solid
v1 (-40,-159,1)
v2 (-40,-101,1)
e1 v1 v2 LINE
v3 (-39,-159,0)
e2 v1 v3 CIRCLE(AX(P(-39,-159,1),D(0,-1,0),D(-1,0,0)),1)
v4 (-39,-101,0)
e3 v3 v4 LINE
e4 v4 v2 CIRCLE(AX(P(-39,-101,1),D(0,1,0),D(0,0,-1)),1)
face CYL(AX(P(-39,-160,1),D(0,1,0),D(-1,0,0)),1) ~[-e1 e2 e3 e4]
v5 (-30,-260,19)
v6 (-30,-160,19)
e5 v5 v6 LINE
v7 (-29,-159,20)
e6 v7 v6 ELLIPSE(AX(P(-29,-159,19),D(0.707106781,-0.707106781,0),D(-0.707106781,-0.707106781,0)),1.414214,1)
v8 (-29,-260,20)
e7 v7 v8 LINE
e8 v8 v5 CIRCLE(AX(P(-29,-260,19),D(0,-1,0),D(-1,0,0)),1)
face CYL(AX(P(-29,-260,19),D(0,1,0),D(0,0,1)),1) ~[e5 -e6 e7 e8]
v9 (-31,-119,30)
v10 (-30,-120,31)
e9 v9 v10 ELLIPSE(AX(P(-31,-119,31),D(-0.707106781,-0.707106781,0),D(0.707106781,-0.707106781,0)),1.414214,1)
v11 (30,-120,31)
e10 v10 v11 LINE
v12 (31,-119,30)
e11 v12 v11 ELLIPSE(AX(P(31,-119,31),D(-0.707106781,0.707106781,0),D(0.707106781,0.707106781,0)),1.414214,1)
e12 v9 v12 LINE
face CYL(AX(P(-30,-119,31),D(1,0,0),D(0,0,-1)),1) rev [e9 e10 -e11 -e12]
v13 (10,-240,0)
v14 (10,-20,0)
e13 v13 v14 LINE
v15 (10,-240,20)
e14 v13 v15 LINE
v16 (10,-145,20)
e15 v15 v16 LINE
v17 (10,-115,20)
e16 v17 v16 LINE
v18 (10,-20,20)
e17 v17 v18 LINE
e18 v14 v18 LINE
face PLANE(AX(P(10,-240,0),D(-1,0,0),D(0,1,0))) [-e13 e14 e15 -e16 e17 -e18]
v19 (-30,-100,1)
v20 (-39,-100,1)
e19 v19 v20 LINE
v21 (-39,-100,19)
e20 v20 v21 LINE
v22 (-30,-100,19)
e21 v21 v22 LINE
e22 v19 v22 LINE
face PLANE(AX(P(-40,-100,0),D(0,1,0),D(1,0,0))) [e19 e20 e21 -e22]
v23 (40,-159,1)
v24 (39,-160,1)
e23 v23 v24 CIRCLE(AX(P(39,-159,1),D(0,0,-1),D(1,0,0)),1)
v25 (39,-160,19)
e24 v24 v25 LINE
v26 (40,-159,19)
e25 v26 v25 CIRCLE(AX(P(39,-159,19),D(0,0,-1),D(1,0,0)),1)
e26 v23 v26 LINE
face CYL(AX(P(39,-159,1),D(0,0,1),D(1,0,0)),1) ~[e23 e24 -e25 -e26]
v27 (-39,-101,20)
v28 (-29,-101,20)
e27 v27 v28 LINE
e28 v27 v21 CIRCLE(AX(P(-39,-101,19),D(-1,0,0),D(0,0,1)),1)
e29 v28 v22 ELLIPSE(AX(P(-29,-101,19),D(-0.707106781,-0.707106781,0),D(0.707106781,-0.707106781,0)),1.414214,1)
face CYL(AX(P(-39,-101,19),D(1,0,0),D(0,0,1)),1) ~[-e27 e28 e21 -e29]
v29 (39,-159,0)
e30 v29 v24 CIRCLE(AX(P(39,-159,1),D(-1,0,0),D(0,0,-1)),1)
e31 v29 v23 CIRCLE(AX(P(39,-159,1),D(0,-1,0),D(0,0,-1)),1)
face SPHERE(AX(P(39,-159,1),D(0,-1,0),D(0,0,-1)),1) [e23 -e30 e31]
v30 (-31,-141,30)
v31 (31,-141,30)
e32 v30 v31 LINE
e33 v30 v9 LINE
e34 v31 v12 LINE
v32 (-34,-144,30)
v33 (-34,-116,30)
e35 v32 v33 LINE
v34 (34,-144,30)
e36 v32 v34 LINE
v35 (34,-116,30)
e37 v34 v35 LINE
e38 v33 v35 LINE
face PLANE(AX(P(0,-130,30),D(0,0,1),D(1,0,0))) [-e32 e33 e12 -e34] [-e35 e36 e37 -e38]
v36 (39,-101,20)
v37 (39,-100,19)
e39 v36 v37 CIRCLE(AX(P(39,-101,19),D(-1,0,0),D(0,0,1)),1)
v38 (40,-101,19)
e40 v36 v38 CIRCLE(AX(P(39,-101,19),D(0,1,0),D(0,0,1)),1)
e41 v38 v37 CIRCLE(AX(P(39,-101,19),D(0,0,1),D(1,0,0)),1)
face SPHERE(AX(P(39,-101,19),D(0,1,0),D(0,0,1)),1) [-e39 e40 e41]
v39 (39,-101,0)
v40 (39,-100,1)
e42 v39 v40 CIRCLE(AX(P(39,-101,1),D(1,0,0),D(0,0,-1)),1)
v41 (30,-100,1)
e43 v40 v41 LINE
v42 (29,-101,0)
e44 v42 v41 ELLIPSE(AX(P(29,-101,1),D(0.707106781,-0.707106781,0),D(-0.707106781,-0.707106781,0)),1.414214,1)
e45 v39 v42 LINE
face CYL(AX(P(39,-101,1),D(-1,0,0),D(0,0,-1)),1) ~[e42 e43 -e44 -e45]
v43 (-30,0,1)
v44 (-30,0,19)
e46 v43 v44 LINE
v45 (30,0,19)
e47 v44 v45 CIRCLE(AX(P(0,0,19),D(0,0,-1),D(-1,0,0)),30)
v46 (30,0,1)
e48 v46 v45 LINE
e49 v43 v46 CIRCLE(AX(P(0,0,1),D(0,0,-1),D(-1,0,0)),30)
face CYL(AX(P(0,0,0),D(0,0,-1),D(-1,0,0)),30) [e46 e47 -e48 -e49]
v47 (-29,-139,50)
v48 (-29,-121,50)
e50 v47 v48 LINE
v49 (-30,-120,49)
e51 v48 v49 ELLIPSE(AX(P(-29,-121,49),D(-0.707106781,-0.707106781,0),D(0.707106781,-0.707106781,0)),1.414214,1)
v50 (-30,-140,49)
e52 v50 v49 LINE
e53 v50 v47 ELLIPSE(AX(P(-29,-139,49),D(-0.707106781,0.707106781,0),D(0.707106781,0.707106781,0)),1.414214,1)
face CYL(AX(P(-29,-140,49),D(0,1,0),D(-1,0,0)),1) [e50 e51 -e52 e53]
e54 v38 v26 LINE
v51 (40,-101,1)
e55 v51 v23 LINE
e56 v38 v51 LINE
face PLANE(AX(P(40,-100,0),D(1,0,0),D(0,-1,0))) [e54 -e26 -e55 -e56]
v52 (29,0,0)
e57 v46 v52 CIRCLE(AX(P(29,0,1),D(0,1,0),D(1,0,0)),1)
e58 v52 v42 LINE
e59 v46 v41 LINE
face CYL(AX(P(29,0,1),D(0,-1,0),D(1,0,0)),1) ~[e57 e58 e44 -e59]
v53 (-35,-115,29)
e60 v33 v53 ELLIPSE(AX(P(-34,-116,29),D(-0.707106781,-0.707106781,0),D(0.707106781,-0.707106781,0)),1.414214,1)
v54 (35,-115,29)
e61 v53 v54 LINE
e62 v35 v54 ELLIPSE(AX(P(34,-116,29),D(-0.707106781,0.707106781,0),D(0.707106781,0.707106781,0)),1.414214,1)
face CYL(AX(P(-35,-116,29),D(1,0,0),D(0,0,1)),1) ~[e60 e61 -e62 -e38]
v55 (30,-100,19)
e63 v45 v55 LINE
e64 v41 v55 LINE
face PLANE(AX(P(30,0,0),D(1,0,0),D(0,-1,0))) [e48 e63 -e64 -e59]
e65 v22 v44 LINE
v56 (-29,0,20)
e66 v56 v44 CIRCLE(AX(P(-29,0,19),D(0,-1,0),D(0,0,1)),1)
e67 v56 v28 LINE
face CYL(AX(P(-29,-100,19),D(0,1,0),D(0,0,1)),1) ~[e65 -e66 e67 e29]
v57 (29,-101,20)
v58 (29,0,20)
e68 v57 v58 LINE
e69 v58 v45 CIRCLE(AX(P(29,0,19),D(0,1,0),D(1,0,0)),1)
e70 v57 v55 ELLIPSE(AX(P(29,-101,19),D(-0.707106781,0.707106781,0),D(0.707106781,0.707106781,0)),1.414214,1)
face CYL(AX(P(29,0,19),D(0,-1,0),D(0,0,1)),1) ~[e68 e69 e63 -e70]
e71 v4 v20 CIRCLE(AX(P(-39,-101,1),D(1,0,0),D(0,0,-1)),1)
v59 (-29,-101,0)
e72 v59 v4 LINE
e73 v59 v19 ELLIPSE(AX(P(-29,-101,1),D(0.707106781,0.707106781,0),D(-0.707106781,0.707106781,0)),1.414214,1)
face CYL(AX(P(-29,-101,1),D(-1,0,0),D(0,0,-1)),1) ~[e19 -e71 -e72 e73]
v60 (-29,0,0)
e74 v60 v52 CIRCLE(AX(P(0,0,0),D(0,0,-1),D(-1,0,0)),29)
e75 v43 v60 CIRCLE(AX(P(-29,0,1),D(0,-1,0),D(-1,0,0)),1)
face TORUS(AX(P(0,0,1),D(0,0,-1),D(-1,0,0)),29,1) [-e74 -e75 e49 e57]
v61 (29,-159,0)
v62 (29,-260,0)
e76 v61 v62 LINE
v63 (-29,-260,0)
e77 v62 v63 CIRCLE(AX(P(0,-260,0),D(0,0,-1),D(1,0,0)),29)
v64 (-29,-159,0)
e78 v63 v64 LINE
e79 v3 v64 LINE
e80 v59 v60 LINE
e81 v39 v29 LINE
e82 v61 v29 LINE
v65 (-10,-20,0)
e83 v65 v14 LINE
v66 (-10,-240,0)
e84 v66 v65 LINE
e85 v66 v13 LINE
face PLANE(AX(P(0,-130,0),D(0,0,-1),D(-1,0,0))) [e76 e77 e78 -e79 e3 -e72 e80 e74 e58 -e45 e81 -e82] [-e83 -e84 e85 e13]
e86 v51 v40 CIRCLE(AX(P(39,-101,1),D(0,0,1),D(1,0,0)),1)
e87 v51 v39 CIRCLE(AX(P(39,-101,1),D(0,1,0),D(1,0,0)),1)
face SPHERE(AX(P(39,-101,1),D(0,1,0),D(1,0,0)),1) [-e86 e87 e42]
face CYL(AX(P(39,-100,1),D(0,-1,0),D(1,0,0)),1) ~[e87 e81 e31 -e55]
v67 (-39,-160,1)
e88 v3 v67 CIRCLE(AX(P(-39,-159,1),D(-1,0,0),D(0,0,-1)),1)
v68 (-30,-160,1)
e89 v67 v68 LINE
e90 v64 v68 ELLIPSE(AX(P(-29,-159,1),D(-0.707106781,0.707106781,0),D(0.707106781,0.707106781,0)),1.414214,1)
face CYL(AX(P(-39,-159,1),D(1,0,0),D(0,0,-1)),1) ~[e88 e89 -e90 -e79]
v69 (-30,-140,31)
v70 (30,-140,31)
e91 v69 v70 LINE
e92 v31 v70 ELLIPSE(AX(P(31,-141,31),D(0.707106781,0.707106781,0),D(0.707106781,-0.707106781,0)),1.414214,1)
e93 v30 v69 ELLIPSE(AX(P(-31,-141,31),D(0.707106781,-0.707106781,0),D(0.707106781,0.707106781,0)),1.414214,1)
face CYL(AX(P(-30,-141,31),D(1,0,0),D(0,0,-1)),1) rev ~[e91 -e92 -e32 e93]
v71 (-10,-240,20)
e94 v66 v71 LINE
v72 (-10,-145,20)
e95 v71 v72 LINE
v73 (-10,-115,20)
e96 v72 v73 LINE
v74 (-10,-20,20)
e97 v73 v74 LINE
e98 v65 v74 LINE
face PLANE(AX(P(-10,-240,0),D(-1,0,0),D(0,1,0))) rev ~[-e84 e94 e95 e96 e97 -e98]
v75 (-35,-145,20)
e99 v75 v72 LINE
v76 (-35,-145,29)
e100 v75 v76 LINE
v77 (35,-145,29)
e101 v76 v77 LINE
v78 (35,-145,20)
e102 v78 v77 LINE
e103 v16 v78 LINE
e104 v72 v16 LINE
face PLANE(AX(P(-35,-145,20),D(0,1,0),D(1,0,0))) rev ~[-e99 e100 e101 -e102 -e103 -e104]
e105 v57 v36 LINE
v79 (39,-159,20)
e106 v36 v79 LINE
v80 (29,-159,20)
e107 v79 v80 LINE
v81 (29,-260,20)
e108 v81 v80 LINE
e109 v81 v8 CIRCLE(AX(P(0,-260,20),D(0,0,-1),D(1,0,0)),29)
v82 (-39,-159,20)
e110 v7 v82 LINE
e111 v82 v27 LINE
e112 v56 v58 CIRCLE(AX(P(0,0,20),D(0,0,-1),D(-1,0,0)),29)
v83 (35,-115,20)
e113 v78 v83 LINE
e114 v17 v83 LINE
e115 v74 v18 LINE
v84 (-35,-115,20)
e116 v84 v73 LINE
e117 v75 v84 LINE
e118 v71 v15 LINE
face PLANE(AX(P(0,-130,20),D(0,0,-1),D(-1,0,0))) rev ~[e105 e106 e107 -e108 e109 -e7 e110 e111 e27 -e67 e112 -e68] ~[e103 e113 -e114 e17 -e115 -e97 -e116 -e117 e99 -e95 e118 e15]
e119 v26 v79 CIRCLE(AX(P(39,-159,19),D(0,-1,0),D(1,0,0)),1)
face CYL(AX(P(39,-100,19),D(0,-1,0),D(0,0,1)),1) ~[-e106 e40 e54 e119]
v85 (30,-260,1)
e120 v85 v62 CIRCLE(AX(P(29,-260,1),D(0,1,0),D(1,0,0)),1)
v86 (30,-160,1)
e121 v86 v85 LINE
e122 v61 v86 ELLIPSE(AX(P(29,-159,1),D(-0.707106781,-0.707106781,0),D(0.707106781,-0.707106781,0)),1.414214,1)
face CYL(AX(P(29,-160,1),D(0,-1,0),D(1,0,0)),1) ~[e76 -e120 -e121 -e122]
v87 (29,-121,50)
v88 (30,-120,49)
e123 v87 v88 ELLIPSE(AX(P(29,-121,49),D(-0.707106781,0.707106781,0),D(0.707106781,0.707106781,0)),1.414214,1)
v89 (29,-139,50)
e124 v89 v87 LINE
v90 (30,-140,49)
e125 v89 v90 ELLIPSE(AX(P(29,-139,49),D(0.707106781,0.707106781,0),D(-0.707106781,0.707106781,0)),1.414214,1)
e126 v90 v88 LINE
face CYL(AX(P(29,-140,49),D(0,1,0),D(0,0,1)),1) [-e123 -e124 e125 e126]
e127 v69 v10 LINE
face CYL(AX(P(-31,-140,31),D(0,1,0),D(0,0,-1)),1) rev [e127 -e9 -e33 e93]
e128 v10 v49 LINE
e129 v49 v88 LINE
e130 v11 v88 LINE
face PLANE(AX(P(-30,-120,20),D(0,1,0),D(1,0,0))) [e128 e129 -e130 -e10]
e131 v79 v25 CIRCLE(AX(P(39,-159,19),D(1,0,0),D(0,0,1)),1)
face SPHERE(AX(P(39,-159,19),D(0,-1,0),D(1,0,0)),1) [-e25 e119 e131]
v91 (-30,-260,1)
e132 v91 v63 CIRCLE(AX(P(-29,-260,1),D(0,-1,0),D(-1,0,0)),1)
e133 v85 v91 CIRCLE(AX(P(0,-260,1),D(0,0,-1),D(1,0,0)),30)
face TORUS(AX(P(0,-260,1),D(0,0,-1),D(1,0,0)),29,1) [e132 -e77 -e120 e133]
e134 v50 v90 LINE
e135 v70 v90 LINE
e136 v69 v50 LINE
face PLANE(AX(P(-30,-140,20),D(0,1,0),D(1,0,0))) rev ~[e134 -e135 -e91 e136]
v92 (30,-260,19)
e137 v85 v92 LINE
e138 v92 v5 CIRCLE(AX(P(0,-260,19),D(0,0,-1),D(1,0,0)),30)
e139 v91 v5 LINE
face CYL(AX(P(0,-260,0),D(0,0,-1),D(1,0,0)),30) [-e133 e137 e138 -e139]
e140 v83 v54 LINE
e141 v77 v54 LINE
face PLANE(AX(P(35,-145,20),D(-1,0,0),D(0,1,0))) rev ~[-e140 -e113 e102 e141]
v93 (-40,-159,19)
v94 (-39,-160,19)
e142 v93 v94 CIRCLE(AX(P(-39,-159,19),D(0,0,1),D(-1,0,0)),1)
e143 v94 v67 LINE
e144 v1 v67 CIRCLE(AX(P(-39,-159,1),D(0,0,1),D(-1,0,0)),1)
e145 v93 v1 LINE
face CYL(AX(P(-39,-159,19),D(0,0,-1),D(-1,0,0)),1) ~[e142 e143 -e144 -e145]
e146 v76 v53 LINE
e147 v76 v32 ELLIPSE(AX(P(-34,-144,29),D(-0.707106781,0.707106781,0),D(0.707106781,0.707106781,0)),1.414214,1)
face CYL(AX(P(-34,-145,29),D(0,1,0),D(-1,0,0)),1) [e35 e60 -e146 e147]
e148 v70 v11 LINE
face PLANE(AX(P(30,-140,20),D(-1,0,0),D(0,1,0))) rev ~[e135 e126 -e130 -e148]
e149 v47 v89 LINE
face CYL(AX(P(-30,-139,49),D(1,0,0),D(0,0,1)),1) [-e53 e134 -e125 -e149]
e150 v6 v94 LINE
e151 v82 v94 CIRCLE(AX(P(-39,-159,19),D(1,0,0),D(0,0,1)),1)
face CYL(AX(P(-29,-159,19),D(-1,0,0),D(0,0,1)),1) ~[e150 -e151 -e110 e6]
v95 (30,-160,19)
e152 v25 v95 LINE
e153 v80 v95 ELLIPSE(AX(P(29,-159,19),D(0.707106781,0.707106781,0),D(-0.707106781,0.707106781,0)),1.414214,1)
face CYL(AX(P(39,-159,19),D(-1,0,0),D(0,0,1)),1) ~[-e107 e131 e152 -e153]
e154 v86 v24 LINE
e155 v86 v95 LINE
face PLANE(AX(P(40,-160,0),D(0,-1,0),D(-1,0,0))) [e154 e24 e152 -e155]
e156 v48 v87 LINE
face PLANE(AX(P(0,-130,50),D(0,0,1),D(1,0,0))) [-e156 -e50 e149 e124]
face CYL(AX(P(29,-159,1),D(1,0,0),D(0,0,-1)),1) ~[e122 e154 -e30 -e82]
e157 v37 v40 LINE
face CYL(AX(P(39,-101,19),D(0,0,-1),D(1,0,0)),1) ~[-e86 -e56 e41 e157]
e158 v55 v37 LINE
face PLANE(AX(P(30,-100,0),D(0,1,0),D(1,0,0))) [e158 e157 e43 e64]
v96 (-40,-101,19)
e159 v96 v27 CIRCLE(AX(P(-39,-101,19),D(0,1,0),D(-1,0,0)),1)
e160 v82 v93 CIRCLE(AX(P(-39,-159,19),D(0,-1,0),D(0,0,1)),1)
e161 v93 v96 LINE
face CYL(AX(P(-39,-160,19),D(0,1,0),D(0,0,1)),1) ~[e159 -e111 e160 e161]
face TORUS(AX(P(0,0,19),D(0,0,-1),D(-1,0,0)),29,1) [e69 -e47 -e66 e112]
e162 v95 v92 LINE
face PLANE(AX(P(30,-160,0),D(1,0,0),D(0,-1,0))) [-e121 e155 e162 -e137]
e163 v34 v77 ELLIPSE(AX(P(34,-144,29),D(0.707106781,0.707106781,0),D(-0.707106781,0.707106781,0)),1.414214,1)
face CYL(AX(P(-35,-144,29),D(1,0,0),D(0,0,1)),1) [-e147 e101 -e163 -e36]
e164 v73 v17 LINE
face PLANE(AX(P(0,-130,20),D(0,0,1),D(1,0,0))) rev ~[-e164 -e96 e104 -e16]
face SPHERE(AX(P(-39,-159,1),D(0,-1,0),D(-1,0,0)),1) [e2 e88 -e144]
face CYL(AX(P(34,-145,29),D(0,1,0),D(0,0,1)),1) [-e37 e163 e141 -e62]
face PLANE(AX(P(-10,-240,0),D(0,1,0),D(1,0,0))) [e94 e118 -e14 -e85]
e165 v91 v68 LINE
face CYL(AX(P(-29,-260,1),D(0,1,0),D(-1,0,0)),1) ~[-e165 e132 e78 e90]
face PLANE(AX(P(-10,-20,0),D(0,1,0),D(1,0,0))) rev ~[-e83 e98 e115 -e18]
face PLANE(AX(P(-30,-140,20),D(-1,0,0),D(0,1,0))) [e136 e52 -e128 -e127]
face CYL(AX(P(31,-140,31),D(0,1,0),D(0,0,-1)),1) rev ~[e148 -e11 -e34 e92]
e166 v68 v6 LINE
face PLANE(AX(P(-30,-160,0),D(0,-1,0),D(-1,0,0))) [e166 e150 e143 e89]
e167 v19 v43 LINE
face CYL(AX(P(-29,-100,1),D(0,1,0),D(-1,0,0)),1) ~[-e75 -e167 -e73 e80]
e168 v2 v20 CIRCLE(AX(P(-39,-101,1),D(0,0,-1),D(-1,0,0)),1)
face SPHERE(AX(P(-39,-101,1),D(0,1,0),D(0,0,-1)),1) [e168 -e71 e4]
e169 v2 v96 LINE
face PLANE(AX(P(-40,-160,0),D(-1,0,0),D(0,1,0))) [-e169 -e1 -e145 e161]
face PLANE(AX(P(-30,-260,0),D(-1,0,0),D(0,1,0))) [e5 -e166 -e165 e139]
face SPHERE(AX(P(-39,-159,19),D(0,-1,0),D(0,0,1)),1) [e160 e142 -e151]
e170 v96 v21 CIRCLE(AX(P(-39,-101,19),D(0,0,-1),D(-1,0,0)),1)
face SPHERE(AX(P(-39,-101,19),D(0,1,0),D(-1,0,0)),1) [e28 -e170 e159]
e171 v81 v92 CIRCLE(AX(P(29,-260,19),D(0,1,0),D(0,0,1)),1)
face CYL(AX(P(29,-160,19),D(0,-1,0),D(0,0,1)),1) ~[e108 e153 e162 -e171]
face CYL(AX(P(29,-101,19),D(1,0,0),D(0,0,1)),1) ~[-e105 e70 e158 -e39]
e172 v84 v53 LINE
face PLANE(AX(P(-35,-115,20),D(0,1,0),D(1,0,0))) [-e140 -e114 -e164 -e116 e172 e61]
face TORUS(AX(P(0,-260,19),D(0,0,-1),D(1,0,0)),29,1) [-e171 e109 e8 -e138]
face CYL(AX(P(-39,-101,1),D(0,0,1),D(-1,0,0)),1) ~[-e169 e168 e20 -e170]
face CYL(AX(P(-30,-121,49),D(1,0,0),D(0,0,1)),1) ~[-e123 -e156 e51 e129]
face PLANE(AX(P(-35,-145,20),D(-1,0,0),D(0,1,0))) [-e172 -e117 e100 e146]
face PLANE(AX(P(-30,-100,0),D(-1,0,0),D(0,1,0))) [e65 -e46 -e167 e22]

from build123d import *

# Parameters (mm, degrees)
SKETCH2_W           = 20
SKETCH2_H           = 220
BOSS_EXTRUDE1_DEPTH = 20
SKETCH3_W           = 60
SKETCH3_H           = 20
BOSS_EXTRUDE2_DEPTH = 30
SKETCH4_W           = 70
SKETCH4_H           = 30
SKETCH4_W_2         = 60
SKETCH4_H_2         = 20
BOSS_EXTRUDE3_DEPTH = 10
FILLET1_R           = 1
FILLET2_R           = 1
FILLET3_R           = 1


with BuildPart() as part:
    # Sketch2 → Boss-Extrude1 (new body)
    with BuildSketch(Plane.XY):
        with BuildLine():
            Line((30, 0), (30, -100))
            Line((30, -100), (40, -100))
            Line((40, -100), (40, -160))
            Line((40, -160), (30, -160))
            Line((30, -160), (30, -260))
            ThreePointArc((30, -260), (0, -290), (-30, -260))
            Line((-30, -260), (-30, -160))
            Line((-30, -160), (-40, -160))
            Line((-40, -160), (-40, -100))
            Line((-40, -100), (-30, -100))
            Line((-30, -100), (-30, 0))
            ThreePointArc((-30, 0), (0, 30), (30, 0))
        make_face()
        with Locations((0, -130)):
            Rectangle(SKETCH2_W, SKETCH2_H, mode=Mode.SUBTRACT)
    extrude(amount=BOSS_EXTRUDE1_DEPTH)

    # Sketch3 → Boss-Extrude2 (add)
    with BuildSketch(Plane.XY.offset(20)):
        with Locations((0, -130)):
            Rectangle(SKETCH3_W, SKETCH3_H)
    extrude(amount=BOSS_EXTRUDE2_DEPTH)

    # Sketch4 → Boss-Extrude3 (add)
    with BuildSketch(Plane.XY.offset(20)):
        with Locations((0, -130)):
            Rectangle(SKETCH4_W, SKETCH4_H)
        with Locations((0, -130)):
            Rectangle(SKETCH4_W_2, SKETCH4_H_2, mode=Mode.SUBTRACT)
    extrude(amount=BOSS_EXTRUDE3_DEPTH)

    # Fillet1
    fillet1_edges = [part.edges().sort_by_distance(p)[0] for p in [
        (30, -130, 50),
        (0, -120, 50),
        (-30, -130, 50),
        (0, -140, 50),
        (35, -130, 30),
        (0, -115, 30),
        (-35, -130, 30),
        (0, -145, 30),
        (0, -140, 30),
        (30, -130, 30),
        (0, -120, 30),
        (-30, -130, 30),
    ]]
    fillet(fillet1_edges, radius=FILLET1_R)

    # Fillet2
    fillet2_edges = [part.edges().sort_by_distance(p)[0] for p in [
        (30, -50, 0),
        (40, -130, 0),
        (30, -210, 0),
        (0, -290, 0),
        (-30, -210, 0),
        (-40, -130, 0),
        (-30, -50, 0),
        (0, 30, 0),
        (-40, -130, 20),
        (-30, -210, 20),
        (0, -290, 20),
        (30, -210, 20),
        (40, -130, 20),
        (30, -50, 20),
        (0, 30, 20),
        (-30, -50, 20),
    ]]
    fillet(fillet2_edges, radius=FILLET2_R)

    # Fillet3
    fillet3_edges = [part.edges().sort_by_distance(p)[0] for p in [
        (-34, -160, 0),
        (-39.707106781, -160, 0.292893219),
        (-40, -160, 10),
        (-39.707106781, -160, 19.707106781),
        (34, -160, 0),
        (39.707106781, -160, 0.292893219),
        (40, -160, 10),
        (39.707106781, -160, 19.707106781),
        (34, -100, 0),
        (39.707106781, -100, 0.292893219),
        (40, -100, 10),
        (39.707106781, -100, 19.707106781),
        (-34, -100, 0),
        (-39.707106781, -100, 0.292893219),
        (-40, -100, 10),
        (-39.707106781, -100, 19.707106781),
        (-34, -160, 20),
        (34, -160, 20),
        (34, -100, 20),
        (-34, -100, 20),
    ]]
    fillet(fillet3_edges, radius=FILLET3_R)


solid = part.part
